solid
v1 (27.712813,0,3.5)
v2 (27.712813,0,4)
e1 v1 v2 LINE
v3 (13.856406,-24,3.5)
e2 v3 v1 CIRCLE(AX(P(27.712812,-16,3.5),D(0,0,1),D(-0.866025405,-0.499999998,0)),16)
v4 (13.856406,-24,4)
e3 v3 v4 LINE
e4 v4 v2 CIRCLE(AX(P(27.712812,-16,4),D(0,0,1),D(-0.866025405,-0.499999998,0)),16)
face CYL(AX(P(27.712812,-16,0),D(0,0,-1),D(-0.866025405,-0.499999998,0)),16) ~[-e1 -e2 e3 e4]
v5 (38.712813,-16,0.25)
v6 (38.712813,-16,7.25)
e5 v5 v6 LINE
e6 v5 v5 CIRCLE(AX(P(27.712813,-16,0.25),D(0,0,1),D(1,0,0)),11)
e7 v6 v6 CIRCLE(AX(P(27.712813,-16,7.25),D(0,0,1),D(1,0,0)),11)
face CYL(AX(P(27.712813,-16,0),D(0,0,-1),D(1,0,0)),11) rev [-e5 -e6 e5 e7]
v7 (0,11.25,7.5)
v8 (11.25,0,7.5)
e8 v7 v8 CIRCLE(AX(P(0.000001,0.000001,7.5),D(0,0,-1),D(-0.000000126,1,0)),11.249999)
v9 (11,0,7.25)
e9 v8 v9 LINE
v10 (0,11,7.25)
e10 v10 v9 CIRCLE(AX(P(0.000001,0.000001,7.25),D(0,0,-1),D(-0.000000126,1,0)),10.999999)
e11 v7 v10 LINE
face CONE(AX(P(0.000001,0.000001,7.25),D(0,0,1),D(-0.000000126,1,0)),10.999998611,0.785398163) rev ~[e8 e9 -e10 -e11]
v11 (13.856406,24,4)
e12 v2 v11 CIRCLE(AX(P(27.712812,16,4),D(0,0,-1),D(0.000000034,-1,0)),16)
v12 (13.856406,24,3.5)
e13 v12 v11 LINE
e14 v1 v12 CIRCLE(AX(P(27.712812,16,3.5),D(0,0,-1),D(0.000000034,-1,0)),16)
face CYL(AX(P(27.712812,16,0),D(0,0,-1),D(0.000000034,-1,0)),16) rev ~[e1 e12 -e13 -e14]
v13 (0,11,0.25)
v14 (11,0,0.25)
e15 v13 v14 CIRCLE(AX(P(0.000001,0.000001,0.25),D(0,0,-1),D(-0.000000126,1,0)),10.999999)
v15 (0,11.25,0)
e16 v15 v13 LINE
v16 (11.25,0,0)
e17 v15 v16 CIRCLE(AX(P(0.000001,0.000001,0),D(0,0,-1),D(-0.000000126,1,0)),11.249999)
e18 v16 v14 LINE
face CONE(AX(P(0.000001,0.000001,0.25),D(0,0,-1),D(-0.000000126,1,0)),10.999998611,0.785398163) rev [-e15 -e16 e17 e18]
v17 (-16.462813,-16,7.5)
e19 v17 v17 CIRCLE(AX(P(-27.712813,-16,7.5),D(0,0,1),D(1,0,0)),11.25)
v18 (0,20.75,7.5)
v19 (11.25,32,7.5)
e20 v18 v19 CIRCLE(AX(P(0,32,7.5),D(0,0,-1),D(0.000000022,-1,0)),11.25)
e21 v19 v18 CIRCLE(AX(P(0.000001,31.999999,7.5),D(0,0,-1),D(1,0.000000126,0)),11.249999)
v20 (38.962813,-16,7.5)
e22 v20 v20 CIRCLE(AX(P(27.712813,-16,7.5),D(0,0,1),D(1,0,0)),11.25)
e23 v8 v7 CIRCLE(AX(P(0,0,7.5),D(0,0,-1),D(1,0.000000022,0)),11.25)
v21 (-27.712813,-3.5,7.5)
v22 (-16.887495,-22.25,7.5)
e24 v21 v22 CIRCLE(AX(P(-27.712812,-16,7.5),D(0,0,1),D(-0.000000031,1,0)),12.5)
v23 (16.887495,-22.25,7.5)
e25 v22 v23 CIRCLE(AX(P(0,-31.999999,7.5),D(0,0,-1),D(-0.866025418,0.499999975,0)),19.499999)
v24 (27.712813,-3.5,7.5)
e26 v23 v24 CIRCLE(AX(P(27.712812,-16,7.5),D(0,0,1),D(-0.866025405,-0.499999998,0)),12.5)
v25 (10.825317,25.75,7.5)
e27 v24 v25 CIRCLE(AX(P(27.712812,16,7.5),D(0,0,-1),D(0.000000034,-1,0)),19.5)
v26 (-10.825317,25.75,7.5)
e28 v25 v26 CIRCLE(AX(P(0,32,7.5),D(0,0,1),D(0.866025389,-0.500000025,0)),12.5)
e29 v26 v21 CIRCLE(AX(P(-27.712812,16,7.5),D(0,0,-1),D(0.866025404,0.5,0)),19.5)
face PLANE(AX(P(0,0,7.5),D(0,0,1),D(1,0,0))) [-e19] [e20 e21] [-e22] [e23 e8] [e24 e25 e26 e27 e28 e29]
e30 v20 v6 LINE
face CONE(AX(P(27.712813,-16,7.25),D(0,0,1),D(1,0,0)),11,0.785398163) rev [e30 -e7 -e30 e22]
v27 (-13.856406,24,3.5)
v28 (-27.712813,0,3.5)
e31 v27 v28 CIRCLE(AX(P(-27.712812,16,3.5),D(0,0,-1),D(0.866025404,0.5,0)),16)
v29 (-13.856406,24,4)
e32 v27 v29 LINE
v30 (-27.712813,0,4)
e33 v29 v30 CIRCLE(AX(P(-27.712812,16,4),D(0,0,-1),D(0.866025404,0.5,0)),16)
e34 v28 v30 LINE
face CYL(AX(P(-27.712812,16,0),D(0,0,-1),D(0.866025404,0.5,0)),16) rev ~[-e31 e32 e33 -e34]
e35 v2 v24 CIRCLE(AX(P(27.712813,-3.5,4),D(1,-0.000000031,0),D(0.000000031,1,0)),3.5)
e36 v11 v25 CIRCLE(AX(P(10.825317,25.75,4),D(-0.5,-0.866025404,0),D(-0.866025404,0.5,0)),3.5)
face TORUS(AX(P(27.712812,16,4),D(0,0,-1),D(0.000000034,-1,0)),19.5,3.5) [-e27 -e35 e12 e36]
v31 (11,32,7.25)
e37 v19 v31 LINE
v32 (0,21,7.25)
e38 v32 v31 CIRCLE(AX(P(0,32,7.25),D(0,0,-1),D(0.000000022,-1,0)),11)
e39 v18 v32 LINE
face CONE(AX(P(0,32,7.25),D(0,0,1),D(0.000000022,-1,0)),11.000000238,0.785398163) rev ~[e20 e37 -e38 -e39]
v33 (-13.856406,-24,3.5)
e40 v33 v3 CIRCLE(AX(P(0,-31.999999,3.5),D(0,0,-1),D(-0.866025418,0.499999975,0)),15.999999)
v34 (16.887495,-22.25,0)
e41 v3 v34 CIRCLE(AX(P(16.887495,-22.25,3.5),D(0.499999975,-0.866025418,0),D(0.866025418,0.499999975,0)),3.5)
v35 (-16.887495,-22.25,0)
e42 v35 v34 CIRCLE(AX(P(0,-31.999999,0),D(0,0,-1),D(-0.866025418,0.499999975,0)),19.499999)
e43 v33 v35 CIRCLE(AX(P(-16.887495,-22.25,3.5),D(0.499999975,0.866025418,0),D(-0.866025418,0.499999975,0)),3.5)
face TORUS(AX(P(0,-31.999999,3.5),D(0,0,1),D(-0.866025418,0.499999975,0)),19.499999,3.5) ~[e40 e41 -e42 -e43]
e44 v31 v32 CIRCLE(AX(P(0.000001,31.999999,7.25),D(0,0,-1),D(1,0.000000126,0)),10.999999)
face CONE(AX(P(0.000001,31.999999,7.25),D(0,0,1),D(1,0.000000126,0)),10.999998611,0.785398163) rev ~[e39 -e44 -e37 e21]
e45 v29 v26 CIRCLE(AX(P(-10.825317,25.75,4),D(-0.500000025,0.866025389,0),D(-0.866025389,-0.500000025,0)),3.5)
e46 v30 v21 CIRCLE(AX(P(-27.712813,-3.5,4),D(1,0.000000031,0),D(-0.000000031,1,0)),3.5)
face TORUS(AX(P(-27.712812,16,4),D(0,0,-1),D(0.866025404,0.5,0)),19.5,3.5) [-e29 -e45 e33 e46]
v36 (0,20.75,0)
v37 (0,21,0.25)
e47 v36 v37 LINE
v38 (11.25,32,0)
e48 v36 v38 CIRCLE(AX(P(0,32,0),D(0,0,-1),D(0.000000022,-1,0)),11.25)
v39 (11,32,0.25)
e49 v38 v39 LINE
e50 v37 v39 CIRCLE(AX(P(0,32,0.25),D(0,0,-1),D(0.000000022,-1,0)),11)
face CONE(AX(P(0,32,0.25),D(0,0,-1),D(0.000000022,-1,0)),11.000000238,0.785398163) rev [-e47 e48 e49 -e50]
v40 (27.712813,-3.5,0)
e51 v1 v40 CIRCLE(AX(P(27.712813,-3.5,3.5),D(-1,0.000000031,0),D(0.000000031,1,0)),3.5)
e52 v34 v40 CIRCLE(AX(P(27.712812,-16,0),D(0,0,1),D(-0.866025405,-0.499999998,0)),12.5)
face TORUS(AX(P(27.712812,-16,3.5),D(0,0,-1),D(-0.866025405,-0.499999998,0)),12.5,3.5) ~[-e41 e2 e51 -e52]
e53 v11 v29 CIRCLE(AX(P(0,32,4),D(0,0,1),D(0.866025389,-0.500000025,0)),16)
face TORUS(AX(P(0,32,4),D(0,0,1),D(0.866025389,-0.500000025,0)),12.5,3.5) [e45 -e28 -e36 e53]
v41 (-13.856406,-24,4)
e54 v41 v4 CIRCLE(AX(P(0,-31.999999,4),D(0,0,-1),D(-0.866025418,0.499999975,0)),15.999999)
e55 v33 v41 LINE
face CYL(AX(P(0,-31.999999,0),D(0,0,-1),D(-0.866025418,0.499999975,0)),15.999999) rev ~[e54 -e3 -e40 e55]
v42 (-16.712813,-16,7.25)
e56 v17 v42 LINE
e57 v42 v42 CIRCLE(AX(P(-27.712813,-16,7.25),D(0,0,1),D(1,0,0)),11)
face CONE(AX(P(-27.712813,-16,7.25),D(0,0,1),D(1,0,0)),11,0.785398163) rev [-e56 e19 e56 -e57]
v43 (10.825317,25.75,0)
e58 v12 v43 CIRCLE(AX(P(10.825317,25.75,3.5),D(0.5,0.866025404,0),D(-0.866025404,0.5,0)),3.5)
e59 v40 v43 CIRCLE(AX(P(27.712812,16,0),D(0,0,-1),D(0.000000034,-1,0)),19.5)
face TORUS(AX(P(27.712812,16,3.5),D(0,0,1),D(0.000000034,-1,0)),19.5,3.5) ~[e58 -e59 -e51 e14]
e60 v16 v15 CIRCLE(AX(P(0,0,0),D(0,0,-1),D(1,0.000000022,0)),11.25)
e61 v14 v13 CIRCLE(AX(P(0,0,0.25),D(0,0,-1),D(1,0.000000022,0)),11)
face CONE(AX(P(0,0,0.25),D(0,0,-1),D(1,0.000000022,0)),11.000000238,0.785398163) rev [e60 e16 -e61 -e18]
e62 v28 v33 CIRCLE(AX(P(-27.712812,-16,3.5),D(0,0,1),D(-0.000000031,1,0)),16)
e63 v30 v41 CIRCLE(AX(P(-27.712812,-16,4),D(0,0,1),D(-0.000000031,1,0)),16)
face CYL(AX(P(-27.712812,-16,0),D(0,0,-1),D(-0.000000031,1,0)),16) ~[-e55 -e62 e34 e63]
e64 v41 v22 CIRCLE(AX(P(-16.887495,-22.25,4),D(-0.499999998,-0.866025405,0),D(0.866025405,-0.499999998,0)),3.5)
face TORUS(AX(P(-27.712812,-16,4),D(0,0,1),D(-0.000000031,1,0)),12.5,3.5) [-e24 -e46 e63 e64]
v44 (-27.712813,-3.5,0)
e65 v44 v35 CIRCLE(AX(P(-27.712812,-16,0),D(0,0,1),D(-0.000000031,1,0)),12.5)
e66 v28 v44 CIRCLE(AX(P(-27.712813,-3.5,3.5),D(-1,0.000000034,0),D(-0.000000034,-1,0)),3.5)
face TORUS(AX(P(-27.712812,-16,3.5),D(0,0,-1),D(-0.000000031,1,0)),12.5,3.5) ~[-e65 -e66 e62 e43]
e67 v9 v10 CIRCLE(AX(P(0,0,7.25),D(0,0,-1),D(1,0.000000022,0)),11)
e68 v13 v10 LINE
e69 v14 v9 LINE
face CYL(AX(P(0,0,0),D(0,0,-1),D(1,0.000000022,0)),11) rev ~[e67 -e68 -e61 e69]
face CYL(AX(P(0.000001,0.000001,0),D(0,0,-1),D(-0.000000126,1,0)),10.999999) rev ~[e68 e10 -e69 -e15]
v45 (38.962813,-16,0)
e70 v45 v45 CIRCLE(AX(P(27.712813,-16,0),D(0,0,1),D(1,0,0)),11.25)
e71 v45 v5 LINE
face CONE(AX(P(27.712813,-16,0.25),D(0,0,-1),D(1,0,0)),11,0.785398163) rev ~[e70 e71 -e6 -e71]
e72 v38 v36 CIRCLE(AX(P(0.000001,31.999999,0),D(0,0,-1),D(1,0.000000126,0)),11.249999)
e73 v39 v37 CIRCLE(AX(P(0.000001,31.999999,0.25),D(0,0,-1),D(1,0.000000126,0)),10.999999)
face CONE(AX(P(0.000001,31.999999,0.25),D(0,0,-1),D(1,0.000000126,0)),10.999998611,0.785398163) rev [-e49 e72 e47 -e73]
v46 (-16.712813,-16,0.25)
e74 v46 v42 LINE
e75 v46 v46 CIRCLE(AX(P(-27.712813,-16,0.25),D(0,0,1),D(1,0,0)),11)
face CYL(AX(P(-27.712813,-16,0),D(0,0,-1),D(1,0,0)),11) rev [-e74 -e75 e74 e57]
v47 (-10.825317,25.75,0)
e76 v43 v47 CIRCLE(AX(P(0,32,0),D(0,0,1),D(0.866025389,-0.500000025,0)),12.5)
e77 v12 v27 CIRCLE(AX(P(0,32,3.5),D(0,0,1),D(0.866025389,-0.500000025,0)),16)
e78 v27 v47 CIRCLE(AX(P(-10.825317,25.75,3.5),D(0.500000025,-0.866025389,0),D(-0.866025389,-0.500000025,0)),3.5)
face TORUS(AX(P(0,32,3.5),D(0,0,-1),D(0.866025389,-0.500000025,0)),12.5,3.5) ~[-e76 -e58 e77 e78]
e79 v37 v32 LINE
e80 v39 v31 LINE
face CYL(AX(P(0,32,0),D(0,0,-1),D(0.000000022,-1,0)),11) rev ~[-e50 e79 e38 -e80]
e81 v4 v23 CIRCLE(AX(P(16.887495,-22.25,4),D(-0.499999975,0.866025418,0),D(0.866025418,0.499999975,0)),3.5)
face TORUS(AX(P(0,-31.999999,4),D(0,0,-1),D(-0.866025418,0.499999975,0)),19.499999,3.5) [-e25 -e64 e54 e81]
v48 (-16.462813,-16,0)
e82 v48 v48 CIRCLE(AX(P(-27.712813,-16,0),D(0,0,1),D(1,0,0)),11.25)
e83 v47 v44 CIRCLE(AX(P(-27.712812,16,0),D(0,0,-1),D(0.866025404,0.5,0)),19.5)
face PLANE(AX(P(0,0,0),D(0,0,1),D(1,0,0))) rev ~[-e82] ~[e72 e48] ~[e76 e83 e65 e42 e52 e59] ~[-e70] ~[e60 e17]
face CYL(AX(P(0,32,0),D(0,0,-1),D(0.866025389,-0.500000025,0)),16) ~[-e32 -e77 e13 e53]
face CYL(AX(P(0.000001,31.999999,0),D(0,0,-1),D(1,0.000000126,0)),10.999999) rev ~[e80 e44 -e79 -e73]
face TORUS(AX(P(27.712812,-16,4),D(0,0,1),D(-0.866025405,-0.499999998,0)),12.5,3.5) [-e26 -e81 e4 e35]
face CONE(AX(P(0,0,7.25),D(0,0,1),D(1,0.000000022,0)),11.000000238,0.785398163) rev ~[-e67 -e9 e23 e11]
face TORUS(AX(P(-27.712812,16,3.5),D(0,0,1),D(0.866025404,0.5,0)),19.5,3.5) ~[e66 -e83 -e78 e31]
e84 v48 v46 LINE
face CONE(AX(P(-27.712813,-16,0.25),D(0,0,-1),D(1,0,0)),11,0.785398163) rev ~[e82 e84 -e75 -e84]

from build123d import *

# Parameters (mm, degrees)
F0_R     = 11
F1_DEPTH = 7.5
F2_R     = 3.5
F3_SIZE  = 0.25


with BuildPart() as f1:
    # F0 (on Top) → F1 (new body)
    with BuildSketch(Plane.XY):
        with BuildLine():
            ThreePointArc((27.712813, 0), (13.856406, 8), (13.856406, 24))
            ThreePointArc((13.856406, 24), (0, 48), (-13.856406, 24))
            ThreePointArc((-13.856406, 24), (-13.856406, 8), (-27.712813, 0))
            ThreePointArc((-27.712813, 0), (-41.569219, -24), (-13.856406, -24))
            ThreePointArc((-13.856406, -24), (0, -16), (13.856406, -24))
            ThreePointArc((13.856406, -24), (41.569219, -24), (27.712813, 0))
        make_face()
        with Locations((-27.712813, -16)):
            Circle(F0_R, mode=Mode.SUBTRACT)
        with Locations((27.712813, -16)):
            Circle(F0_R, mode=Mode.SUBTRACT)
        with BuildLine():
            ThreePointArc((0, 11), (7.778175, 7.778175), (11, 0))
            ThreePointArc((11, 0), (-7.778175, -7.778175), (0, 11))
        make_face(mode=Mode.SUBTRACT)
        with BuildLine():
            ThreePointArc((11, 32), (7.778175, 24.221825), (0, 21))
            ThreePointArc((0, 21), (-7.778175, 39.778175), (11, 32))
        make_face(mode=Mode.SUBTRACT)
    extrude(amount=F1_DEPTH)

    # F2
    f2_edges = [f1.edges().sort_by_distance(p)[0] for p in [
        (-41.569219, -24, 7.5),
        (0, -16, 0),
    ]]
    fillet(f2_edges, radius=F2_R)

    # F3
    f3_edges = [f1.edges().sort_by_distance(p)[0] for p in [
        (-11, 32, 7.5),
        (0, -11, 7.5),
        (-38.712813, -16, 7.5),
        (16.712813, -16, 7.5),
        (16.712813, -16, 0),
        (0, -11, 0),
        (-38.712813, -16, 0),
        (-11, 32, 0),
    ]]
    chamfer(f3_edges, length=F3_SIZE)


solid = f1.part
